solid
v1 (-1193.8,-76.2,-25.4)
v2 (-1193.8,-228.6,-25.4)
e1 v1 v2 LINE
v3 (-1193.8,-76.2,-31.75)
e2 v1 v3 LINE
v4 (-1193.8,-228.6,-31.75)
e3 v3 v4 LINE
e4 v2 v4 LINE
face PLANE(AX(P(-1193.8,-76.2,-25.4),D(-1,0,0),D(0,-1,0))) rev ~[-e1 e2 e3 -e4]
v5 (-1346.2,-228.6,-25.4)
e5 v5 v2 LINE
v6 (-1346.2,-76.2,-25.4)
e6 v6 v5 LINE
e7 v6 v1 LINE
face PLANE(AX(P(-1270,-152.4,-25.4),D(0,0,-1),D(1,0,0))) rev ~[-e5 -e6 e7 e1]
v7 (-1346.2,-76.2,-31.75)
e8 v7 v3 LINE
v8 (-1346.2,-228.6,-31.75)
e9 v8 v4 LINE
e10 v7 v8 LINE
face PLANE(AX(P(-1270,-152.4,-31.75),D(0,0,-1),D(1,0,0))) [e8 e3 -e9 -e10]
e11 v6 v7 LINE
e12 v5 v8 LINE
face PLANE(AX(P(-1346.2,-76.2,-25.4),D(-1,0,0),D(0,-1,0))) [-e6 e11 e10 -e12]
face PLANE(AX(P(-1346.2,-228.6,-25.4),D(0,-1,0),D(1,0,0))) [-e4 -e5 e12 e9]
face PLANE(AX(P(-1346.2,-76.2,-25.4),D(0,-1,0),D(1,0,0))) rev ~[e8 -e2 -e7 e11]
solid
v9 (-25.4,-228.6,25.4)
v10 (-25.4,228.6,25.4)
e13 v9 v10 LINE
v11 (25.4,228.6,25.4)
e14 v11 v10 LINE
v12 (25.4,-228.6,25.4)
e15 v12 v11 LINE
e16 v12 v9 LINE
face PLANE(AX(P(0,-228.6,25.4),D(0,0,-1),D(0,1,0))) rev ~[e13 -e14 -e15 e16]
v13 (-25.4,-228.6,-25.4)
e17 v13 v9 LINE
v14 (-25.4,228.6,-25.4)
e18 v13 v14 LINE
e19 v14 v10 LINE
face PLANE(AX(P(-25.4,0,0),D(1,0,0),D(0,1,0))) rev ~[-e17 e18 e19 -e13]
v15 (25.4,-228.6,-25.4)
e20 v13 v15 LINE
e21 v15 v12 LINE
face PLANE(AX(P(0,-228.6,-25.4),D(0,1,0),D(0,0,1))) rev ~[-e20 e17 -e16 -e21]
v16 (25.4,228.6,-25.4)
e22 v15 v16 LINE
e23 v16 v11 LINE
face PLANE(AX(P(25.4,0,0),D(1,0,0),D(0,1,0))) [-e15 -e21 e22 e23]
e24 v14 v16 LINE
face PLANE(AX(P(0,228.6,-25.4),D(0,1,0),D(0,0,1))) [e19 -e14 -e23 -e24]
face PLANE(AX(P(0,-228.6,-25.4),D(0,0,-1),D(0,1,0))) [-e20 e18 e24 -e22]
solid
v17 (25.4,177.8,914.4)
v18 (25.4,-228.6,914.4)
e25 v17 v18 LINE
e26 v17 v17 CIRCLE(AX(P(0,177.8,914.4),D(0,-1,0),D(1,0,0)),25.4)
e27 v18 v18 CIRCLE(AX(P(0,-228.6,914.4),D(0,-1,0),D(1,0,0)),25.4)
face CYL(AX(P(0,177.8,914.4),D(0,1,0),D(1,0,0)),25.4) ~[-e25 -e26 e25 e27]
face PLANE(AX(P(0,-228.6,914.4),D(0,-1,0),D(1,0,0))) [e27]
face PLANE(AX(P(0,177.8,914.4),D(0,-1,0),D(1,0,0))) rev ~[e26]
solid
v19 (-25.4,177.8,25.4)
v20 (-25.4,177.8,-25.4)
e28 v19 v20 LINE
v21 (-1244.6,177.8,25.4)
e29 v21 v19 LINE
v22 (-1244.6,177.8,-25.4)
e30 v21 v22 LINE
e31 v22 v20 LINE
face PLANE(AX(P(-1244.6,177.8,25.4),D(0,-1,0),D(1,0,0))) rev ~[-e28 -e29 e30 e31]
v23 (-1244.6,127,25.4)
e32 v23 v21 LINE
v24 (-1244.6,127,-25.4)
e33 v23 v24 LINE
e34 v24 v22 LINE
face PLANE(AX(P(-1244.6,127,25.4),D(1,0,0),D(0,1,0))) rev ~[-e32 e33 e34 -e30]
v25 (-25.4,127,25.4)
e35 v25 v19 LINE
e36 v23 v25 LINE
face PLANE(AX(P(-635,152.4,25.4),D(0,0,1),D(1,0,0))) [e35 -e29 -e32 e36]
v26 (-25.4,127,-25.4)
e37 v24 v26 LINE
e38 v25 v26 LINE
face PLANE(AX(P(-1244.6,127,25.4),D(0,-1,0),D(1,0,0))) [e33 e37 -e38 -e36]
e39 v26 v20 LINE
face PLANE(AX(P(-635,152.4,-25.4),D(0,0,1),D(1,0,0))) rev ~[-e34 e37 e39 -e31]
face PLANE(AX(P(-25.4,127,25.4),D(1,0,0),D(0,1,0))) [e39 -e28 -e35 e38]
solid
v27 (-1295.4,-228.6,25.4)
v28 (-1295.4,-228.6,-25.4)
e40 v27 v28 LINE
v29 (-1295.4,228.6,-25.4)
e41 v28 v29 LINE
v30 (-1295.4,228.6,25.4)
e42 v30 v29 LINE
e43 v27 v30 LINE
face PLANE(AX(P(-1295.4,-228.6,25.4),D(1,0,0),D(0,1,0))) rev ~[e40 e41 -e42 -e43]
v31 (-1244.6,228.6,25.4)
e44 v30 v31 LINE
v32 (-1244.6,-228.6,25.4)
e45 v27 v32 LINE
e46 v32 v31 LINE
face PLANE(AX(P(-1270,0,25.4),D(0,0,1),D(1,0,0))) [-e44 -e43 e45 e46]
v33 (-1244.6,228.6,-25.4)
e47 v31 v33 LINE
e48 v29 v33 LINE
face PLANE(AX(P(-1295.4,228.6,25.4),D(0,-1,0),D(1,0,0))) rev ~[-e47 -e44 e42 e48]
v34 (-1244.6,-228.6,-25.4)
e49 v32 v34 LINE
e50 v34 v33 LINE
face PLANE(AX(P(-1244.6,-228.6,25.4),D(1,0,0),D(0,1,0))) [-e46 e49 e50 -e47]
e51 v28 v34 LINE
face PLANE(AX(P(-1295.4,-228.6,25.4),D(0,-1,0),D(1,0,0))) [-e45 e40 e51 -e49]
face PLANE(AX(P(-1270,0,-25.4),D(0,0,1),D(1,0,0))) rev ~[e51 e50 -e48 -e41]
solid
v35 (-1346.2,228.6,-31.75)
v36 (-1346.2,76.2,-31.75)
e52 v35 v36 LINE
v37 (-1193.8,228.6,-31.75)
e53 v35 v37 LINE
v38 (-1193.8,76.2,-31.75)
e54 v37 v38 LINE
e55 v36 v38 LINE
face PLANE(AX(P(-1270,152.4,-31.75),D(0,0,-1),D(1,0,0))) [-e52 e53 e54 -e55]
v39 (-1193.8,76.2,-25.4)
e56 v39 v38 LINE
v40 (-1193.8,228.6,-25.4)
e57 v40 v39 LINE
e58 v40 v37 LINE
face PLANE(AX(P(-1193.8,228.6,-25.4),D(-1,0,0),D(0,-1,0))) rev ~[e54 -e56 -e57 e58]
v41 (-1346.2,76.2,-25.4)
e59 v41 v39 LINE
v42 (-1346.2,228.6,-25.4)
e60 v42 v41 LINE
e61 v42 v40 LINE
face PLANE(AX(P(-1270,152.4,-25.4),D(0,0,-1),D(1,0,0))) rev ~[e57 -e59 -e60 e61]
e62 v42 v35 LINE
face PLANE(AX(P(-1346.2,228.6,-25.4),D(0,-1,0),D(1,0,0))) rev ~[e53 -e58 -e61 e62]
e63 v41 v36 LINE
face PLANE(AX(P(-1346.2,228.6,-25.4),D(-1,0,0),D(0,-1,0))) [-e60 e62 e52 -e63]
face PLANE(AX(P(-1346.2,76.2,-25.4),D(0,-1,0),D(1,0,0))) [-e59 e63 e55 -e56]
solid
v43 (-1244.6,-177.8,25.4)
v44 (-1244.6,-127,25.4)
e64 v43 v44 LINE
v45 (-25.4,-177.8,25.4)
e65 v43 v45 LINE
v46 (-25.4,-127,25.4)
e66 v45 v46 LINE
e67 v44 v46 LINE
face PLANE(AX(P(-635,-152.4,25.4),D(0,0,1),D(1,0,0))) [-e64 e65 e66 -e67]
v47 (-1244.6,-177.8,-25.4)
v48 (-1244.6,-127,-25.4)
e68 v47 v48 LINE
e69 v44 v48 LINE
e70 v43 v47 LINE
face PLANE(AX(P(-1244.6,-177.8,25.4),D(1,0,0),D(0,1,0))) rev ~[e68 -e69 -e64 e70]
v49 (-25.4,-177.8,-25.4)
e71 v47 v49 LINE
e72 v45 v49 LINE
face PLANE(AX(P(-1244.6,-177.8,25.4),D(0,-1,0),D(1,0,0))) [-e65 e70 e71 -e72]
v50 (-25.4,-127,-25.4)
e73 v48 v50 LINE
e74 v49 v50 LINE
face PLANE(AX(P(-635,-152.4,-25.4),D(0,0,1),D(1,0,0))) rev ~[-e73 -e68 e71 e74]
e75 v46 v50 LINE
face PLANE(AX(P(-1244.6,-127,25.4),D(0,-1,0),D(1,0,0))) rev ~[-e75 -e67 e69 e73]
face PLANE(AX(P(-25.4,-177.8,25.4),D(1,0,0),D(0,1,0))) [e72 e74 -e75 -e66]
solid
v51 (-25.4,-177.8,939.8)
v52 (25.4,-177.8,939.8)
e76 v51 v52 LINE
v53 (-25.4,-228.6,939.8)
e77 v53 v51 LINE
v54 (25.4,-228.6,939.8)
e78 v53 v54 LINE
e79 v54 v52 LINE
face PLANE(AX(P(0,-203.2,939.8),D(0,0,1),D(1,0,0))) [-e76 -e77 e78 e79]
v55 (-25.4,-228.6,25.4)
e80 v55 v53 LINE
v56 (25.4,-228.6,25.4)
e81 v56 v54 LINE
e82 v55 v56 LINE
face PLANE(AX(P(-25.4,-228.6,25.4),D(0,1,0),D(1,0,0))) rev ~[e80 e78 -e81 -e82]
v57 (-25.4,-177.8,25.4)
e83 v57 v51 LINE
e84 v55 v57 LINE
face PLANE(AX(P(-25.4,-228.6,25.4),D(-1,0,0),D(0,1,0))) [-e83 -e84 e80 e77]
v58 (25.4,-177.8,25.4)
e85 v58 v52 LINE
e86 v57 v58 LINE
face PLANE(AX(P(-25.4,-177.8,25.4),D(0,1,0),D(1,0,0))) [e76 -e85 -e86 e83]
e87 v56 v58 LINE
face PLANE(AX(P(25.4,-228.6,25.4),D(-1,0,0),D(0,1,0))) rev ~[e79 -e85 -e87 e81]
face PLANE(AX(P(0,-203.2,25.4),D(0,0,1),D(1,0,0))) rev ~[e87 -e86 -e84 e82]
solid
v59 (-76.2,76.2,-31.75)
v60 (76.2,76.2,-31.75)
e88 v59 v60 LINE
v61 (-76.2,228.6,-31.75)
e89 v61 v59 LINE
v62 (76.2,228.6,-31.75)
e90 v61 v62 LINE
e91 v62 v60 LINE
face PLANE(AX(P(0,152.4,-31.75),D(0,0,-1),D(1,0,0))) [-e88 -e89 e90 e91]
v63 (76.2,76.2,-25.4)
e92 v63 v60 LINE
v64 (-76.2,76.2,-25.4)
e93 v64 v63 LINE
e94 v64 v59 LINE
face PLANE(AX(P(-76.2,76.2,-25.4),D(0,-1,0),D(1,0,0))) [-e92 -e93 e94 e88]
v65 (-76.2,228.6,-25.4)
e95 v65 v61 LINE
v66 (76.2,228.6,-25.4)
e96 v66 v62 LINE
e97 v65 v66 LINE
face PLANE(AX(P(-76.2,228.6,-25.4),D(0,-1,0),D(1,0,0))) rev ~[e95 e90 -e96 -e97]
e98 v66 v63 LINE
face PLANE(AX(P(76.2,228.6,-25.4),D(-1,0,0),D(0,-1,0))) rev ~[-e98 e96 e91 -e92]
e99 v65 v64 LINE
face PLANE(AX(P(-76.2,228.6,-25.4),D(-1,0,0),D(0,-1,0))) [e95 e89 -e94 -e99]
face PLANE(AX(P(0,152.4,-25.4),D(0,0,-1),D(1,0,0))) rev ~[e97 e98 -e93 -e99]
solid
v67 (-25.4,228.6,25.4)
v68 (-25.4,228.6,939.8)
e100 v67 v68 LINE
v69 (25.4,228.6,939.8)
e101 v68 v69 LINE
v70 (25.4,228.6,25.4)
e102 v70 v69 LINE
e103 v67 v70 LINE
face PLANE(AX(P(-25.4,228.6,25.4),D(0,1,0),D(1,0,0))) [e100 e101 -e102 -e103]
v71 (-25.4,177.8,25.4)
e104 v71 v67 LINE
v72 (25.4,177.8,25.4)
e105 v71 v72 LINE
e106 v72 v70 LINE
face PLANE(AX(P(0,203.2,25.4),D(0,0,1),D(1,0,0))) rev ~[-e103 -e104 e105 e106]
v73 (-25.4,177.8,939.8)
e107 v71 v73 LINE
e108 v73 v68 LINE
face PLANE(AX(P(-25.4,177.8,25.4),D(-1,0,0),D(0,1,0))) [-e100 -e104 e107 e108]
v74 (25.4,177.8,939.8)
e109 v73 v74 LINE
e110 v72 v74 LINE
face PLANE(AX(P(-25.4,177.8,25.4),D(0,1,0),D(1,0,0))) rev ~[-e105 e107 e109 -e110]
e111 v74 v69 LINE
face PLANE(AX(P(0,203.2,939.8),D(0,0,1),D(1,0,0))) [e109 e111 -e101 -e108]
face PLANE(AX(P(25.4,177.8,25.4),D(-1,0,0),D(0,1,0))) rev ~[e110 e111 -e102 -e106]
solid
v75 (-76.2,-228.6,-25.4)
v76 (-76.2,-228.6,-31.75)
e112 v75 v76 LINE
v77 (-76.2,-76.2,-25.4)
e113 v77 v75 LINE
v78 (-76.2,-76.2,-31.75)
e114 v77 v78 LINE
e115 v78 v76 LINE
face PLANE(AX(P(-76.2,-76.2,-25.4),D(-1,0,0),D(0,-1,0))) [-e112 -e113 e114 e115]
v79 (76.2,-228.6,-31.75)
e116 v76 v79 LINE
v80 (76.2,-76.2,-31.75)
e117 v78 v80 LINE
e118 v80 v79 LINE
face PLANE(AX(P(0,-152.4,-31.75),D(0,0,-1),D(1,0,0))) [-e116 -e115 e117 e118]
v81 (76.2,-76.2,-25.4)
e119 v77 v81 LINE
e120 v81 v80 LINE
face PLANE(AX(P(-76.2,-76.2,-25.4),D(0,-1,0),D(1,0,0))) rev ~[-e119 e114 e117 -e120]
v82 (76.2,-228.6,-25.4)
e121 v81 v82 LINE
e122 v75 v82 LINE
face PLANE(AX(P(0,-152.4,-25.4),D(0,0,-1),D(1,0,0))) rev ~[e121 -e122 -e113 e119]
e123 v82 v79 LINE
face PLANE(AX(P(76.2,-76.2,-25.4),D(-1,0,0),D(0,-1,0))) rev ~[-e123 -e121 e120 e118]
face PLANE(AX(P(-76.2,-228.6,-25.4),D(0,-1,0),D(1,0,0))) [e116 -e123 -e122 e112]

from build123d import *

# Parameters (mm, degrees)
F0_W      = 457.2
F0_H      = 50.8
F1_DEPTH  = 25.4
F2_W      = 1219.2
F2_H      = 50.8
F3_DEPTH  = 50.8
F4_W      = 50.8
F4_H      = 457.2
F5_DEPTH  = 50.8
F6_W      = 152.4
F6_H      = 152.4
F7_DEPTH  = 6.35
F8_W      = 50.8
F8_H      = 50.8
F9_DEPTH  = 914.4
F10_R     = 25.4
F11_DEPTH = 406.4


with BuildPart() as f1:
    # F0 (on Right) → F1 (new body, symmetric)
    with BuildSketch(Plane.YZ):
        Rectangle(F0_W, F0_H)
    extrude(amount=F1_DEPTH, both=True)


with BuildPart() as f3:
    # F2 (on face) → F3 (new body)
    with BuildSketch(Plane.XY.offset(25.4)):
        with Locations((-635, 152.4)):
            Rectangle(F2_W, F2_H)
        with Locations((-635, -152.4)):
            Rectangle(F2_W, F2_H)
    extrude(amount=-F3_DEPTH)


with BuildPart() as f5:
    # F4 (on face) → F5 (new body)
    with BuildSketch(Plane.XY.offset(25.4)):
        with Locations((-1270, 0)):
            Rectangle(F4_W, F4_H)
    extrude(amount=-F5_DEPTH)


with BuildPart() as f7:
    # F6 (on face) → F7 (new body)
    with BuildSketch(Plane(origin=(0, 0, -25.4), x_dir=(1, 0, 0), z_dir=(0, 0, -1))):
        with Locations((-1270, 152.4)):
            Rectangle(F6_W, F6_H)
        with Locations((-1270, -152.4)):
            Rectangle(F6_W, F6_H)
        with Locations((0, 152.4)):
            Rectangle(F6_W, F6_H)
        with Locations((0, -152.4)):
            Rectangle(F6_W, F6_H)
    extrude(amount=F7_DEPTH)


with BuildPart() as f9:
    # F8 (on face) → F9 (new body)
    with BuildSketch(Plane.XY.offset(25.4)):
        with Locations((0, -203.2)):
            Rectangle(F8_W, F8_H)
        with Locations((0, 203.2)):
            Rectangle(F8_W, F8_H)
    extrude(amount=F9_DEPTH)


with BuildPart() as f11:
    # F10 (on face) → F11 (new body)
    with BuildSketch(Plane.XZ.offset(-177.8)):
        with Locations((0, 914.4)):
            Circle(F10_R)
    extrude(amount=F11_DEPTH)


solid = Compound([f1.part, f3.part, f5.part, f7.part, f9.part, f11.part])
